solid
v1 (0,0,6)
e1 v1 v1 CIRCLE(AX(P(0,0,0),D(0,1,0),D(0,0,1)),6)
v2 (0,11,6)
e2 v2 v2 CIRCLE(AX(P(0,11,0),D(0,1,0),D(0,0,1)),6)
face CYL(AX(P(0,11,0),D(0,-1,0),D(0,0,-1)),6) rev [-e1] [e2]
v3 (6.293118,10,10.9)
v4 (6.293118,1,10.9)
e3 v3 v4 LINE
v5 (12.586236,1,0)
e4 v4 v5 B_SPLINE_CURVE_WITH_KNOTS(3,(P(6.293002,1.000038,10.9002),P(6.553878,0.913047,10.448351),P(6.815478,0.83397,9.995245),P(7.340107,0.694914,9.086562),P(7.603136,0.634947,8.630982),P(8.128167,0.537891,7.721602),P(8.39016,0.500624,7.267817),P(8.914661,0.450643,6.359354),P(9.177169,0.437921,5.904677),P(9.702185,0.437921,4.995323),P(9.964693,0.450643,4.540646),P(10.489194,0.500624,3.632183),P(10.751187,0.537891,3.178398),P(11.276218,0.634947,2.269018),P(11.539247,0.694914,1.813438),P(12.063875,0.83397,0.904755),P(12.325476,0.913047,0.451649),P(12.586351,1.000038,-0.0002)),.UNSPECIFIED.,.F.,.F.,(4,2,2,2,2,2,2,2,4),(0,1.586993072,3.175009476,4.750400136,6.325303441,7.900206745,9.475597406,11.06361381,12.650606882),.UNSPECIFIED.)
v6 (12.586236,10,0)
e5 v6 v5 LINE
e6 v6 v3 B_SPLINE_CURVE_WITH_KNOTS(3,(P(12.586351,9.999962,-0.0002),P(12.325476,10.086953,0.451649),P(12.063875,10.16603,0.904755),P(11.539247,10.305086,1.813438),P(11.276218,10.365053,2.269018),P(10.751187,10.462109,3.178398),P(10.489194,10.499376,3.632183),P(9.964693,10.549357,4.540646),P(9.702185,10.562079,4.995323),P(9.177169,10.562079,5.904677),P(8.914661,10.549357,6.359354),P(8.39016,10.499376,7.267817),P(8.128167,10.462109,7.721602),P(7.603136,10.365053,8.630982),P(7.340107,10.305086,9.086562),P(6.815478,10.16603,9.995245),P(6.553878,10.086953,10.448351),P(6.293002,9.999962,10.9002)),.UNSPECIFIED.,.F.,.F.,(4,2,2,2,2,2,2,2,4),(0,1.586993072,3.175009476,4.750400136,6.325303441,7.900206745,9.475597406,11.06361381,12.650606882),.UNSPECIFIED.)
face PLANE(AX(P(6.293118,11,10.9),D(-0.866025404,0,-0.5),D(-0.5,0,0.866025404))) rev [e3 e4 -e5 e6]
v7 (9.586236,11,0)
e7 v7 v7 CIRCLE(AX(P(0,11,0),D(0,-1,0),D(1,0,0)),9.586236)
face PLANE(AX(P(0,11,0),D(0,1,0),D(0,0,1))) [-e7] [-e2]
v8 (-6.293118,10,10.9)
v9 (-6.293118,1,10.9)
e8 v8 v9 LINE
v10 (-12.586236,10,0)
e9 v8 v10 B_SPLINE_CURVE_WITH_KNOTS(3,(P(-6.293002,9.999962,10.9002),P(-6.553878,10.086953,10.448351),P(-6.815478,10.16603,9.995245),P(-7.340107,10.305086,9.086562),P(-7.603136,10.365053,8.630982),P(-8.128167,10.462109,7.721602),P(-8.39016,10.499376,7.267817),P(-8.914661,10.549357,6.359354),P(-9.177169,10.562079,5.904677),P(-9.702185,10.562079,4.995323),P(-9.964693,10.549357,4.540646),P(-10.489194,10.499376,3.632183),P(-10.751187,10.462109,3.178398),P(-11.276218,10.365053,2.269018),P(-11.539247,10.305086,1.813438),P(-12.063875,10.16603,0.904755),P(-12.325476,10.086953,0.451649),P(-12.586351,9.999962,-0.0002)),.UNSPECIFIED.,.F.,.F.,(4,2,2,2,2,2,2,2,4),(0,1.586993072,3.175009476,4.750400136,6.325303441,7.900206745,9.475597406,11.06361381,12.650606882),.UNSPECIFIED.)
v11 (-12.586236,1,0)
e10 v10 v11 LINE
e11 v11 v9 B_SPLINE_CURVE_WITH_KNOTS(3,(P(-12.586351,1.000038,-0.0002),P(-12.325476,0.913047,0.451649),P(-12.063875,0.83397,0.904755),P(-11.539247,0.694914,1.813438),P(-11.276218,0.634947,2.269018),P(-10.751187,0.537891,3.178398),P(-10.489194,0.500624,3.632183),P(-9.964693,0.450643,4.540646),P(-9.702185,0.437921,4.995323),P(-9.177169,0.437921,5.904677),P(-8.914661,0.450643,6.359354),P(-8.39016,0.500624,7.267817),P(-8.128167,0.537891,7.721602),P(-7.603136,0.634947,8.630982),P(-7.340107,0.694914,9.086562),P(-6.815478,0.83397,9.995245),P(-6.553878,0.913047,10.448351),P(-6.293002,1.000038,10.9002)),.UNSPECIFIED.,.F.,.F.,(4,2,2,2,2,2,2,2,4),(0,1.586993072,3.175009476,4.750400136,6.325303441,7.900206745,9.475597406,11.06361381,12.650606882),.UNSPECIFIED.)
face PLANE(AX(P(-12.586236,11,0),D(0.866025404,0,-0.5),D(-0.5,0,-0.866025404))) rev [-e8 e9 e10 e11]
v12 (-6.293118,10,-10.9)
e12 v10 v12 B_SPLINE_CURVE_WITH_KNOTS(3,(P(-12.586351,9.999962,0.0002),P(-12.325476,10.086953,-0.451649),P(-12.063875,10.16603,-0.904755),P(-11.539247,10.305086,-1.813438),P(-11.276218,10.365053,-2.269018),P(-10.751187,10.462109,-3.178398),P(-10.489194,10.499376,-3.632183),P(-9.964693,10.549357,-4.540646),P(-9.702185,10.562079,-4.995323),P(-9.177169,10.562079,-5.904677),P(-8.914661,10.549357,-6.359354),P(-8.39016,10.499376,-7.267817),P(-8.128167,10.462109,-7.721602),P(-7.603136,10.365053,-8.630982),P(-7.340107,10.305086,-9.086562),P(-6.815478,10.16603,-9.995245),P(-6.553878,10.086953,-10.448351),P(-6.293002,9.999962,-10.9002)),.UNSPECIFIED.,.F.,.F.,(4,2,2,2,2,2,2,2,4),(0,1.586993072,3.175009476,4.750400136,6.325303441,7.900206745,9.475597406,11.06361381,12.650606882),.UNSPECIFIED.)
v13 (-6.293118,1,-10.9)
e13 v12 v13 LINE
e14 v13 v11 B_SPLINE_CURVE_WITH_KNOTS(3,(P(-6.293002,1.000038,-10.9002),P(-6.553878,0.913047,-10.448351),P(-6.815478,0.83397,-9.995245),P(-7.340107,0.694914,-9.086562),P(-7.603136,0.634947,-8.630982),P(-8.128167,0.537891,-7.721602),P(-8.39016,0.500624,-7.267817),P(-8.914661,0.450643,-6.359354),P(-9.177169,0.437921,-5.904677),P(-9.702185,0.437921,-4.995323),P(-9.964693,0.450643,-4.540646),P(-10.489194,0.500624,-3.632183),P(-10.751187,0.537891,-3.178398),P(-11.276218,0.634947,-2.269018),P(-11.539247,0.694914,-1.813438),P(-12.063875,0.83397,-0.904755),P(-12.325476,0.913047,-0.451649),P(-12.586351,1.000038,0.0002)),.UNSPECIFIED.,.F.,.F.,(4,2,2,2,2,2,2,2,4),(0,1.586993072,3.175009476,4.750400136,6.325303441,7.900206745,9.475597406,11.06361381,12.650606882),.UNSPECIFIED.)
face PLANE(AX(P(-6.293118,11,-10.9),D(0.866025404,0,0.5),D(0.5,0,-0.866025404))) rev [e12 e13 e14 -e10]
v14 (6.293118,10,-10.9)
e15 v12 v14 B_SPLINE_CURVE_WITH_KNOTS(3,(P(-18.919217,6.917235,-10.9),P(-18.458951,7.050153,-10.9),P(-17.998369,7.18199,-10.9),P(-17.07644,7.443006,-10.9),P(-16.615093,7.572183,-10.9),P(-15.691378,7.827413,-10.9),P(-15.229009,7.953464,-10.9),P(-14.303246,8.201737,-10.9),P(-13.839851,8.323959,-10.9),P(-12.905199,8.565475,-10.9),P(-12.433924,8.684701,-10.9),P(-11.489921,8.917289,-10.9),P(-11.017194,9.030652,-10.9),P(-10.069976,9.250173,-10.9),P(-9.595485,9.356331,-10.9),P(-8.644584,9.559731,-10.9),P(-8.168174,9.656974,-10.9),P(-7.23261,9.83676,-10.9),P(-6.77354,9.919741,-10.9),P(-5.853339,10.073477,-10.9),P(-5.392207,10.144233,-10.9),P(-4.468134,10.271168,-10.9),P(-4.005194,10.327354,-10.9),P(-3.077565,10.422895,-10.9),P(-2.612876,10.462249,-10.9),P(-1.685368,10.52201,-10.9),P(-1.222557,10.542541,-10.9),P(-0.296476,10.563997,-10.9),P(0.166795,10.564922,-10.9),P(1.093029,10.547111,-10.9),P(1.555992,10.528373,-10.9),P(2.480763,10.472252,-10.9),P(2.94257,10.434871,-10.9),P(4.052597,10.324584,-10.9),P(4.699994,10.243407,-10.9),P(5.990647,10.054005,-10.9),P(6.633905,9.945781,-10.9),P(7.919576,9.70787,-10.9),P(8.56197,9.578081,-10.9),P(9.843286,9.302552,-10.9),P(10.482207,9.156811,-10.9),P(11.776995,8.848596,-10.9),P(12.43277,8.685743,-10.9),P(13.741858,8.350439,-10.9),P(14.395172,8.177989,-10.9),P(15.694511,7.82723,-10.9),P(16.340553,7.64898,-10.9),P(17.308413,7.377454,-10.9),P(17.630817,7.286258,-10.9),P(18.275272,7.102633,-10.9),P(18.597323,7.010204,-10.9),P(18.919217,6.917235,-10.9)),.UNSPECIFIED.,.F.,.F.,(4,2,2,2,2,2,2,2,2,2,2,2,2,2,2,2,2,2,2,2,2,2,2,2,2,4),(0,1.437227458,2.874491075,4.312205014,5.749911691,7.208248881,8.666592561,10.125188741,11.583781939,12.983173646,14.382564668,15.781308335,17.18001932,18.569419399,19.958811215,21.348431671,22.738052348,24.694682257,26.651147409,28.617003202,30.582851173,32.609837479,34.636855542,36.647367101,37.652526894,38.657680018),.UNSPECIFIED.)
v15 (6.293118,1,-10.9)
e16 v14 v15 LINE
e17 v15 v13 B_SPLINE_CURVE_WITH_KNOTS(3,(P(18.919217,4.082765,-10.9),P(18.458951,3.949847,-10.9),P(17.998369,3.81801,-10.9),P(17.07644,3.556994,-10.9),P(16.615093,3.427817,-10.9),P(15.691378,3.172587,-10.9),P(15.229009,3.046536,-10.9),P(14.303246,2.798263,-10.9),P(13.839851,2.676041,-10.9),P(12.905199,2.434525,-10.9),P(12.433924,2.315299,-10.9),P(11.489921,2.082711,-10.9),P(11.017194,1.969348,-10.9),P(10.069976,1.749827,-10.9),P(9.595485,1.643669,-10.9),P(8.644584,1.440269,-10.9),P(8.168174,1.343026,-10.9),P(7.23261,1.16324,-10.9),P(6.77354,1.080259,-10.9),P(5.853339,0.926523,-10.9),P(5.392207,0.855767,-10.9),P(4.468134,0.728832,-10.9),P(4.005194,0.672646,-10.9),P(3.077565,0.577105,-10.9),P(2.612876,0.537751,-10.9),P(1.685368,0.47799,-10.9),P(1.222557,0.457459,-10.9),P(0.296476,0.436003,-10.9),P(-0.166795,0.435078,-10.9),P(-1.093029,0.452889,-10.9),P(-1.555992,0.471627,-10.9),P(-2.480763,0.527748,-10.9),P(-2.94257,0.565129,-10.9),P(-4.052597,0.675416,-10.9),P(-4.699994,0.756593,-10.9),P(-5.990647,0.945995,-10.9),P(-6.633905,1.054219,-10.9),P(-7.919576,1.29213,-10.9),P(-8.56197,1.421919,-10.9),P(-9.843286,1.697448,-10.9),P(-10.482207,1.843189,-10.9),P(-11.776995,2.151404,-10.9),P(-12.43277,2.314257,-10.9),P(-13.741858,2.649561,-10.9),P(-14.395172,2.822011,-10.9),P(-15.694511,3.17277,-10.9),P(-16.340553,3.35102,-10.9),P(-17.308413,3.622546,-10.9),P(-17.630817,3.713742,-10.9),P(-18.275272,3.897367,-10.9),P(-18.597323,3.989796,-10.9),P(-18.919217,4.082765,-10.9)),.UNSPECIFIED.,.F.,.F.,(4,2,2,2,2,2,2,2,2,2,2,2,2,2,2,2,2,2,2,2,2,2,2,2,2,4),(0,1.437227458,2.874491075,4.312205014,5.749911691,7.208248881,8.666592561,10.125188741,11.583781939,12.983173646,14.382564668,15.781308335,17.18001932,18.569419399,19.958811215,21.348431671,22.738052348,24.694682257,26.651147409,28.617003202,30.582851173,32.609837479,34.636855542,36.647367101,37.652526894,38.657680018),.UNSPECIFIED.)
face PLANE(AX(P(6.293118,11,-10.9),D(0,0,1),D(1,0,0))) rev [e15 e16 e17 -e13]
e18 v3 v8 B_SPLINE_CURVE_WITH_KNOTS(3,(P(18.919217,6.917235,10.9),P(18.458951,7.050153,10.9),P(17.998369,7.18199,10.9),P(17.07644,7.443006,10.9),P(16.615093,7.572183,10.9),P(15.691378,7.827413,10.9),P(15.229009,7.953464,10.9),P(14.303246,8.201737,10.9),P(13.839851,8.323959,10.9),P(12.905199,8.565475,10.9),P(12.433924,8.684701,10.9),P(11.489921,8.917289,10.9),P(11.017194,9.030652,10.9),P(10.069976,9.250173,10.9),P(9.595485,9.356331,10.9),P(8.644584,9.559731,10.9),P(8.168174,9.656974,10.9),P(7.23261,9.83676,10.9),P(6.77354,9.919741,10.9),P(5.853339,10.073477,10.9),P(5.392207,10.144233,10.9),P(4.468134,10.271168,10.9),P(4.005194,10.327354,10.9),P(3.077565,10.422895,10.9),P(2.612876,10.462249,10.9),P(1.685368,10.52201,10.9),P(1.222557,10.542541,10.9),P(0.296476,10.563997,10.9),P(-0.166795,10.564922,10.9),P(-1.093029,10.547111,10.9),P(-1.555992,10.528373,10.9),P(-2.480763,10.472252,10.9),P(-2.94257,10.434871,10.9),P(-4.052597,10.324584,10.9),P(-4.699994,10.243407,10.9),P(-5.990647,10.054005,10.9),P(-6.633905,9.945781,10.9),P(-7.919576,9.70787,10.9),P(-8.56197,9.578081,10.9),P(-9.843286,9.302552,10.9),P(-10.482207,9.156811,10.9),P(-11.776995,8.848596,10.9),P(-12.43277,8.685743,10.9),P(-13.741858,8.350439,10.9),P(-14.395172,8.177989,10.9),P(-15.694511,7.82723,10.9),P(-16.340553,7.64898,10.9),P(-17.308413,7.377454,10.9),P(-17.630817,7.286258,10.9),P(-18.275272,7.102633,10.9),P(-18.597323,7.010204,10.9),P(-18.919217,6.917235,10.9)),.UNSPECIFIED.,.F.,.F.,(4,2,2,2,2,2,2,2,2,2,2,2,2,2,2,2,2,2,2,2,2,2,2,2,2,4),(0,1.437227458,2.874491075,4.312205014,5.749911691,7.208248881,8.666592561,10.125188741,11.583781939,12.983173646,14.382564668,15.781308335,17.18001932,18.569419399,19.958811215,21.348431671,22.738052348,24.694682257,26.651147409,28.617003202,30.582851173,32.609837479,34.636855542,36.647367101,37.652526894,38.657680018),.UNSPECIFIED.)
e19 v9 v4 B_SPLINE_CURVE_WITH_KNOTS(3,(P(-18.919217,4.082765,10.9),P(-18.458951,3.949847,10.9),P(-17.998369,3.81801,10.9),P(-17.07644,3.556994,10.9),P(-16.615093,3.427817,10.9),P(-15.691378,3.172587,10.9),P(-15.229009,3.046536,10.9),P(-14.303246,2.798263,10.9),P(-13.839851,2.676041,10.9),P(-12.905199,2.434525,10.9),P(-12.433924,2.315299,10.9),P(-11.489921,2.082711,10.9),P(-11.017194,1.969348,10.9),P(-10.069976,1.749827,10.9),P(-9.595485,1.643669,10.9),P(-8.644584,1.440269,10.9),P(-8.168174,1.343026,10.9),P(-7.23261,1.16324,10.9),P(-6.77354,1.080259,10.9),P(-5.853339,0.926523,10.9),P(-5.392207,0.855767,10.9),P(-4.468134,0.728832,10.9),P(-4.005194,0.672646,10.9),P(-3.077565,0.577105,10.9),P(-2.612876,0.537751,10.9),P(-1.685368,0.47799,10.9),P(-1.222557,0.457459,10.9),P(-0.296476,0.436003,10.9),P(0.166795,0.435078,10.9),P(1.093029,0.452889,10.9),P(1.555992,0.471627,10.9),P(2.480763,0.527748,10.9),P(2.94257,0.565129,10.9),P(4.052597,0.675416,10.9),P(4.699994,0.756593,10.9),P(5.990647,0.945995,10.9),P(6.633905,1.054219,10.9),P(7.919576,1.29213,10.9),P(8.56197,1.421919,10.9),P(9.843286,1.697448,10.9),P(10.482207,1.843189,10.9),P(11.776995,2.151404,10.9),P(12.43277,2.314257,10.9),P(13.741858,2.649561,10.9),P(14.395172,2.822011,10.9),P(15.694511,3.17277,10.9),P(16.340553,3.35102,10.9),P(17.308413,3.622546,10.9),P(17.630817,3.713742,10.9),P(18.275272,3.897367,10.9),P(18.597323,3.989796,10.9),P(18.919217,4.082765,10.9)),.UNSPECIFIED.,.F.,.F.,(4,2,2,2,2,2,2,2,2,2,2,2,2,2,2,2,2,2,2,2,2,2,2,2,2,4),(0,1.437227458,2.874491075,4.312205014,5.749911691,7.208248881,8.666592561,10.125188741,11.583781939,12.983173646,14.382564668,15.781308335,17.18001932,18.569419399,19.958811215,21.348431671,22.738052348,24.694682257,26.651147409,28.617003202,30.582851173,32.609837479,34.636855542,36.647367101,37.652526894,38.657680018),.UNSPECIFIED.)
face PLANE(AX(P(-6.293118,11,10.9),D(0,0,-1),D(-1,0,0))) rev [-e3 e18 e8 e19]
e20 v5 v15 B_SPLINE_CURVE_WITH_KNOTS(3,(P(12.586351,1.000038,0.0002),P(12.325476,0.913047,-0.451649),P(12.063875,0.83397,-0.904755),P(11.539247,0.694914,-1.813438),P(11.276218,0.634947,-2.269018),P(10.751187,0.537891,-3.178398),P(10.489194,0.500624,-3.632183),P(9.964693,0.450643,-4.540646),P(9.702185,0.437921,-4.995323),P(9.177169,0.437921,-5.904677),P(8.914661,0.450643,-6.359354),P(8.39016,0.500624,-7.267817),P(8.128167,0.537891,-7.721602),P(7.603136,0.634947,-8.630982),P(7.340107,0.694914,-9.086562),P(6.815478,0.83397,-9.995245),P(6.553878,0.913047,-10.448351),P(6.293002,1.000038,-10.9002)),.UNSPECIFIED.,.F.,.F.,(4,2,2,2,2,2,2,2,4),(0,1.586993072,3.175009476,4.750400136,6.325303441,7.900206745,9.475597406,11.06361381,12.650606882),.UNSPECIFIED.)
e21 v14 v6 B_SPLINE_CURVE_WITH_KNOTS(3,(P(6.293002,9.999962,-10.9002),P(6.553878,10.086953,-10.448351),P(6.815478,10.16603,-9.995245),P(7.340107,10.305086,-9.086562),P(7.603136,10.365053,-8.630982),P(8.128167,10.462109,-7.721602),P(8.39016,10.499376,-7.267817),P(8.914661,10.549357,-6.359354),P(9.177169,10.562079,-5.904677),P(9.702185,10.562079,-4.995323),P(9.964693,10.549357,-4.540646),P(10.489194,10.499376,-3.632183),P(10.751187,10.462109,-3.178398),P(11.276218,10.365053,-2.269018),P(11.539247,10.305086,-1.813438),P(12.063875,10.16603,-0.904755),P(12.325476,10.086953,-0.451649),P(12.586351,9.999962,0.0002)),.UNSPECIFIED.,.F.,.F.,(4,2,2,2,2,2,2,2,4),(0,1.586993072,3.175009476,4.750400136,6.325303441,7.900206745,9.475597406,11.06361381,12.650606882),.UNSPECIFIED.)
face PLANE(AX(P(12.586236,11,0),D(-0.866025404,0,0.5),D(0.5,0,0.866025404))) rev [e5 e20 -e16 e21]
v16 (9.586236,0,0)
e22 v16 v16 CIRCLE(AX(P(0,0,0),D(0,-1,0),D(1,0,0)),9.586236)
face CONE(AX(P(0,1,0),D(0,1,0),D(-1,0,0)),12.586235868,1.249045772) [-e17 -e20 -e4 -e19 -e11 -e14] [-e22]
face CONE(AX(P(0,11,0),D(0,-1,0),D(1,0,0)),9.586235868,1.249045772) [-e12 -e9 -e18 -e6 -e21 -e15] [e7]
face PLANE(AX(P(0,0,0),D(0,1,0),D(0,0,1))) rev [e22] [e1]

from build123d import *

# Parameters (mm, degrees)
SKETCH_1_R      = 6
EXTRUDE_1_DEPTH = 11


with BuildPart() as part:
    # 草图1 → 凸台-拉伸1 (new body)
    with BuildSketch(Plane(origin=(0, 0, 0), x_dir=(1, 0, 0), z_dir=(0, 1, 0))):
        Polygon((12.586235868, 0), (6.293117934, 10.9), (-6.293117934, 10.9), (-12.586235868, 0), (-6.293117934, -10.9), (6.293117934, -10.9), align=None)
        with Locations(Location((0, 0, 0), (0, 0, 270))):
            Circle(SKETCH_1_R, mode=Mode.SUBTRACT)
    extrude(amount=EXTRUDE_1_DEPTH)

    # 草图2 → 切除-旋转3 (revolve, cut)
    with BuildSketch(Plane.XY):
        Polygon((12.586235868, 10), (9.586235868, 11), (12.586235868, 11), align=None)
        Polygon((12.586235868, 1), (9.586235868, 0), (12.586235868, 0), align=None)
    revolve(axis=Axis((0, 0, 0), (0, 1, 0)), mode=Mode.SUBTRACT)


solid = part.part
